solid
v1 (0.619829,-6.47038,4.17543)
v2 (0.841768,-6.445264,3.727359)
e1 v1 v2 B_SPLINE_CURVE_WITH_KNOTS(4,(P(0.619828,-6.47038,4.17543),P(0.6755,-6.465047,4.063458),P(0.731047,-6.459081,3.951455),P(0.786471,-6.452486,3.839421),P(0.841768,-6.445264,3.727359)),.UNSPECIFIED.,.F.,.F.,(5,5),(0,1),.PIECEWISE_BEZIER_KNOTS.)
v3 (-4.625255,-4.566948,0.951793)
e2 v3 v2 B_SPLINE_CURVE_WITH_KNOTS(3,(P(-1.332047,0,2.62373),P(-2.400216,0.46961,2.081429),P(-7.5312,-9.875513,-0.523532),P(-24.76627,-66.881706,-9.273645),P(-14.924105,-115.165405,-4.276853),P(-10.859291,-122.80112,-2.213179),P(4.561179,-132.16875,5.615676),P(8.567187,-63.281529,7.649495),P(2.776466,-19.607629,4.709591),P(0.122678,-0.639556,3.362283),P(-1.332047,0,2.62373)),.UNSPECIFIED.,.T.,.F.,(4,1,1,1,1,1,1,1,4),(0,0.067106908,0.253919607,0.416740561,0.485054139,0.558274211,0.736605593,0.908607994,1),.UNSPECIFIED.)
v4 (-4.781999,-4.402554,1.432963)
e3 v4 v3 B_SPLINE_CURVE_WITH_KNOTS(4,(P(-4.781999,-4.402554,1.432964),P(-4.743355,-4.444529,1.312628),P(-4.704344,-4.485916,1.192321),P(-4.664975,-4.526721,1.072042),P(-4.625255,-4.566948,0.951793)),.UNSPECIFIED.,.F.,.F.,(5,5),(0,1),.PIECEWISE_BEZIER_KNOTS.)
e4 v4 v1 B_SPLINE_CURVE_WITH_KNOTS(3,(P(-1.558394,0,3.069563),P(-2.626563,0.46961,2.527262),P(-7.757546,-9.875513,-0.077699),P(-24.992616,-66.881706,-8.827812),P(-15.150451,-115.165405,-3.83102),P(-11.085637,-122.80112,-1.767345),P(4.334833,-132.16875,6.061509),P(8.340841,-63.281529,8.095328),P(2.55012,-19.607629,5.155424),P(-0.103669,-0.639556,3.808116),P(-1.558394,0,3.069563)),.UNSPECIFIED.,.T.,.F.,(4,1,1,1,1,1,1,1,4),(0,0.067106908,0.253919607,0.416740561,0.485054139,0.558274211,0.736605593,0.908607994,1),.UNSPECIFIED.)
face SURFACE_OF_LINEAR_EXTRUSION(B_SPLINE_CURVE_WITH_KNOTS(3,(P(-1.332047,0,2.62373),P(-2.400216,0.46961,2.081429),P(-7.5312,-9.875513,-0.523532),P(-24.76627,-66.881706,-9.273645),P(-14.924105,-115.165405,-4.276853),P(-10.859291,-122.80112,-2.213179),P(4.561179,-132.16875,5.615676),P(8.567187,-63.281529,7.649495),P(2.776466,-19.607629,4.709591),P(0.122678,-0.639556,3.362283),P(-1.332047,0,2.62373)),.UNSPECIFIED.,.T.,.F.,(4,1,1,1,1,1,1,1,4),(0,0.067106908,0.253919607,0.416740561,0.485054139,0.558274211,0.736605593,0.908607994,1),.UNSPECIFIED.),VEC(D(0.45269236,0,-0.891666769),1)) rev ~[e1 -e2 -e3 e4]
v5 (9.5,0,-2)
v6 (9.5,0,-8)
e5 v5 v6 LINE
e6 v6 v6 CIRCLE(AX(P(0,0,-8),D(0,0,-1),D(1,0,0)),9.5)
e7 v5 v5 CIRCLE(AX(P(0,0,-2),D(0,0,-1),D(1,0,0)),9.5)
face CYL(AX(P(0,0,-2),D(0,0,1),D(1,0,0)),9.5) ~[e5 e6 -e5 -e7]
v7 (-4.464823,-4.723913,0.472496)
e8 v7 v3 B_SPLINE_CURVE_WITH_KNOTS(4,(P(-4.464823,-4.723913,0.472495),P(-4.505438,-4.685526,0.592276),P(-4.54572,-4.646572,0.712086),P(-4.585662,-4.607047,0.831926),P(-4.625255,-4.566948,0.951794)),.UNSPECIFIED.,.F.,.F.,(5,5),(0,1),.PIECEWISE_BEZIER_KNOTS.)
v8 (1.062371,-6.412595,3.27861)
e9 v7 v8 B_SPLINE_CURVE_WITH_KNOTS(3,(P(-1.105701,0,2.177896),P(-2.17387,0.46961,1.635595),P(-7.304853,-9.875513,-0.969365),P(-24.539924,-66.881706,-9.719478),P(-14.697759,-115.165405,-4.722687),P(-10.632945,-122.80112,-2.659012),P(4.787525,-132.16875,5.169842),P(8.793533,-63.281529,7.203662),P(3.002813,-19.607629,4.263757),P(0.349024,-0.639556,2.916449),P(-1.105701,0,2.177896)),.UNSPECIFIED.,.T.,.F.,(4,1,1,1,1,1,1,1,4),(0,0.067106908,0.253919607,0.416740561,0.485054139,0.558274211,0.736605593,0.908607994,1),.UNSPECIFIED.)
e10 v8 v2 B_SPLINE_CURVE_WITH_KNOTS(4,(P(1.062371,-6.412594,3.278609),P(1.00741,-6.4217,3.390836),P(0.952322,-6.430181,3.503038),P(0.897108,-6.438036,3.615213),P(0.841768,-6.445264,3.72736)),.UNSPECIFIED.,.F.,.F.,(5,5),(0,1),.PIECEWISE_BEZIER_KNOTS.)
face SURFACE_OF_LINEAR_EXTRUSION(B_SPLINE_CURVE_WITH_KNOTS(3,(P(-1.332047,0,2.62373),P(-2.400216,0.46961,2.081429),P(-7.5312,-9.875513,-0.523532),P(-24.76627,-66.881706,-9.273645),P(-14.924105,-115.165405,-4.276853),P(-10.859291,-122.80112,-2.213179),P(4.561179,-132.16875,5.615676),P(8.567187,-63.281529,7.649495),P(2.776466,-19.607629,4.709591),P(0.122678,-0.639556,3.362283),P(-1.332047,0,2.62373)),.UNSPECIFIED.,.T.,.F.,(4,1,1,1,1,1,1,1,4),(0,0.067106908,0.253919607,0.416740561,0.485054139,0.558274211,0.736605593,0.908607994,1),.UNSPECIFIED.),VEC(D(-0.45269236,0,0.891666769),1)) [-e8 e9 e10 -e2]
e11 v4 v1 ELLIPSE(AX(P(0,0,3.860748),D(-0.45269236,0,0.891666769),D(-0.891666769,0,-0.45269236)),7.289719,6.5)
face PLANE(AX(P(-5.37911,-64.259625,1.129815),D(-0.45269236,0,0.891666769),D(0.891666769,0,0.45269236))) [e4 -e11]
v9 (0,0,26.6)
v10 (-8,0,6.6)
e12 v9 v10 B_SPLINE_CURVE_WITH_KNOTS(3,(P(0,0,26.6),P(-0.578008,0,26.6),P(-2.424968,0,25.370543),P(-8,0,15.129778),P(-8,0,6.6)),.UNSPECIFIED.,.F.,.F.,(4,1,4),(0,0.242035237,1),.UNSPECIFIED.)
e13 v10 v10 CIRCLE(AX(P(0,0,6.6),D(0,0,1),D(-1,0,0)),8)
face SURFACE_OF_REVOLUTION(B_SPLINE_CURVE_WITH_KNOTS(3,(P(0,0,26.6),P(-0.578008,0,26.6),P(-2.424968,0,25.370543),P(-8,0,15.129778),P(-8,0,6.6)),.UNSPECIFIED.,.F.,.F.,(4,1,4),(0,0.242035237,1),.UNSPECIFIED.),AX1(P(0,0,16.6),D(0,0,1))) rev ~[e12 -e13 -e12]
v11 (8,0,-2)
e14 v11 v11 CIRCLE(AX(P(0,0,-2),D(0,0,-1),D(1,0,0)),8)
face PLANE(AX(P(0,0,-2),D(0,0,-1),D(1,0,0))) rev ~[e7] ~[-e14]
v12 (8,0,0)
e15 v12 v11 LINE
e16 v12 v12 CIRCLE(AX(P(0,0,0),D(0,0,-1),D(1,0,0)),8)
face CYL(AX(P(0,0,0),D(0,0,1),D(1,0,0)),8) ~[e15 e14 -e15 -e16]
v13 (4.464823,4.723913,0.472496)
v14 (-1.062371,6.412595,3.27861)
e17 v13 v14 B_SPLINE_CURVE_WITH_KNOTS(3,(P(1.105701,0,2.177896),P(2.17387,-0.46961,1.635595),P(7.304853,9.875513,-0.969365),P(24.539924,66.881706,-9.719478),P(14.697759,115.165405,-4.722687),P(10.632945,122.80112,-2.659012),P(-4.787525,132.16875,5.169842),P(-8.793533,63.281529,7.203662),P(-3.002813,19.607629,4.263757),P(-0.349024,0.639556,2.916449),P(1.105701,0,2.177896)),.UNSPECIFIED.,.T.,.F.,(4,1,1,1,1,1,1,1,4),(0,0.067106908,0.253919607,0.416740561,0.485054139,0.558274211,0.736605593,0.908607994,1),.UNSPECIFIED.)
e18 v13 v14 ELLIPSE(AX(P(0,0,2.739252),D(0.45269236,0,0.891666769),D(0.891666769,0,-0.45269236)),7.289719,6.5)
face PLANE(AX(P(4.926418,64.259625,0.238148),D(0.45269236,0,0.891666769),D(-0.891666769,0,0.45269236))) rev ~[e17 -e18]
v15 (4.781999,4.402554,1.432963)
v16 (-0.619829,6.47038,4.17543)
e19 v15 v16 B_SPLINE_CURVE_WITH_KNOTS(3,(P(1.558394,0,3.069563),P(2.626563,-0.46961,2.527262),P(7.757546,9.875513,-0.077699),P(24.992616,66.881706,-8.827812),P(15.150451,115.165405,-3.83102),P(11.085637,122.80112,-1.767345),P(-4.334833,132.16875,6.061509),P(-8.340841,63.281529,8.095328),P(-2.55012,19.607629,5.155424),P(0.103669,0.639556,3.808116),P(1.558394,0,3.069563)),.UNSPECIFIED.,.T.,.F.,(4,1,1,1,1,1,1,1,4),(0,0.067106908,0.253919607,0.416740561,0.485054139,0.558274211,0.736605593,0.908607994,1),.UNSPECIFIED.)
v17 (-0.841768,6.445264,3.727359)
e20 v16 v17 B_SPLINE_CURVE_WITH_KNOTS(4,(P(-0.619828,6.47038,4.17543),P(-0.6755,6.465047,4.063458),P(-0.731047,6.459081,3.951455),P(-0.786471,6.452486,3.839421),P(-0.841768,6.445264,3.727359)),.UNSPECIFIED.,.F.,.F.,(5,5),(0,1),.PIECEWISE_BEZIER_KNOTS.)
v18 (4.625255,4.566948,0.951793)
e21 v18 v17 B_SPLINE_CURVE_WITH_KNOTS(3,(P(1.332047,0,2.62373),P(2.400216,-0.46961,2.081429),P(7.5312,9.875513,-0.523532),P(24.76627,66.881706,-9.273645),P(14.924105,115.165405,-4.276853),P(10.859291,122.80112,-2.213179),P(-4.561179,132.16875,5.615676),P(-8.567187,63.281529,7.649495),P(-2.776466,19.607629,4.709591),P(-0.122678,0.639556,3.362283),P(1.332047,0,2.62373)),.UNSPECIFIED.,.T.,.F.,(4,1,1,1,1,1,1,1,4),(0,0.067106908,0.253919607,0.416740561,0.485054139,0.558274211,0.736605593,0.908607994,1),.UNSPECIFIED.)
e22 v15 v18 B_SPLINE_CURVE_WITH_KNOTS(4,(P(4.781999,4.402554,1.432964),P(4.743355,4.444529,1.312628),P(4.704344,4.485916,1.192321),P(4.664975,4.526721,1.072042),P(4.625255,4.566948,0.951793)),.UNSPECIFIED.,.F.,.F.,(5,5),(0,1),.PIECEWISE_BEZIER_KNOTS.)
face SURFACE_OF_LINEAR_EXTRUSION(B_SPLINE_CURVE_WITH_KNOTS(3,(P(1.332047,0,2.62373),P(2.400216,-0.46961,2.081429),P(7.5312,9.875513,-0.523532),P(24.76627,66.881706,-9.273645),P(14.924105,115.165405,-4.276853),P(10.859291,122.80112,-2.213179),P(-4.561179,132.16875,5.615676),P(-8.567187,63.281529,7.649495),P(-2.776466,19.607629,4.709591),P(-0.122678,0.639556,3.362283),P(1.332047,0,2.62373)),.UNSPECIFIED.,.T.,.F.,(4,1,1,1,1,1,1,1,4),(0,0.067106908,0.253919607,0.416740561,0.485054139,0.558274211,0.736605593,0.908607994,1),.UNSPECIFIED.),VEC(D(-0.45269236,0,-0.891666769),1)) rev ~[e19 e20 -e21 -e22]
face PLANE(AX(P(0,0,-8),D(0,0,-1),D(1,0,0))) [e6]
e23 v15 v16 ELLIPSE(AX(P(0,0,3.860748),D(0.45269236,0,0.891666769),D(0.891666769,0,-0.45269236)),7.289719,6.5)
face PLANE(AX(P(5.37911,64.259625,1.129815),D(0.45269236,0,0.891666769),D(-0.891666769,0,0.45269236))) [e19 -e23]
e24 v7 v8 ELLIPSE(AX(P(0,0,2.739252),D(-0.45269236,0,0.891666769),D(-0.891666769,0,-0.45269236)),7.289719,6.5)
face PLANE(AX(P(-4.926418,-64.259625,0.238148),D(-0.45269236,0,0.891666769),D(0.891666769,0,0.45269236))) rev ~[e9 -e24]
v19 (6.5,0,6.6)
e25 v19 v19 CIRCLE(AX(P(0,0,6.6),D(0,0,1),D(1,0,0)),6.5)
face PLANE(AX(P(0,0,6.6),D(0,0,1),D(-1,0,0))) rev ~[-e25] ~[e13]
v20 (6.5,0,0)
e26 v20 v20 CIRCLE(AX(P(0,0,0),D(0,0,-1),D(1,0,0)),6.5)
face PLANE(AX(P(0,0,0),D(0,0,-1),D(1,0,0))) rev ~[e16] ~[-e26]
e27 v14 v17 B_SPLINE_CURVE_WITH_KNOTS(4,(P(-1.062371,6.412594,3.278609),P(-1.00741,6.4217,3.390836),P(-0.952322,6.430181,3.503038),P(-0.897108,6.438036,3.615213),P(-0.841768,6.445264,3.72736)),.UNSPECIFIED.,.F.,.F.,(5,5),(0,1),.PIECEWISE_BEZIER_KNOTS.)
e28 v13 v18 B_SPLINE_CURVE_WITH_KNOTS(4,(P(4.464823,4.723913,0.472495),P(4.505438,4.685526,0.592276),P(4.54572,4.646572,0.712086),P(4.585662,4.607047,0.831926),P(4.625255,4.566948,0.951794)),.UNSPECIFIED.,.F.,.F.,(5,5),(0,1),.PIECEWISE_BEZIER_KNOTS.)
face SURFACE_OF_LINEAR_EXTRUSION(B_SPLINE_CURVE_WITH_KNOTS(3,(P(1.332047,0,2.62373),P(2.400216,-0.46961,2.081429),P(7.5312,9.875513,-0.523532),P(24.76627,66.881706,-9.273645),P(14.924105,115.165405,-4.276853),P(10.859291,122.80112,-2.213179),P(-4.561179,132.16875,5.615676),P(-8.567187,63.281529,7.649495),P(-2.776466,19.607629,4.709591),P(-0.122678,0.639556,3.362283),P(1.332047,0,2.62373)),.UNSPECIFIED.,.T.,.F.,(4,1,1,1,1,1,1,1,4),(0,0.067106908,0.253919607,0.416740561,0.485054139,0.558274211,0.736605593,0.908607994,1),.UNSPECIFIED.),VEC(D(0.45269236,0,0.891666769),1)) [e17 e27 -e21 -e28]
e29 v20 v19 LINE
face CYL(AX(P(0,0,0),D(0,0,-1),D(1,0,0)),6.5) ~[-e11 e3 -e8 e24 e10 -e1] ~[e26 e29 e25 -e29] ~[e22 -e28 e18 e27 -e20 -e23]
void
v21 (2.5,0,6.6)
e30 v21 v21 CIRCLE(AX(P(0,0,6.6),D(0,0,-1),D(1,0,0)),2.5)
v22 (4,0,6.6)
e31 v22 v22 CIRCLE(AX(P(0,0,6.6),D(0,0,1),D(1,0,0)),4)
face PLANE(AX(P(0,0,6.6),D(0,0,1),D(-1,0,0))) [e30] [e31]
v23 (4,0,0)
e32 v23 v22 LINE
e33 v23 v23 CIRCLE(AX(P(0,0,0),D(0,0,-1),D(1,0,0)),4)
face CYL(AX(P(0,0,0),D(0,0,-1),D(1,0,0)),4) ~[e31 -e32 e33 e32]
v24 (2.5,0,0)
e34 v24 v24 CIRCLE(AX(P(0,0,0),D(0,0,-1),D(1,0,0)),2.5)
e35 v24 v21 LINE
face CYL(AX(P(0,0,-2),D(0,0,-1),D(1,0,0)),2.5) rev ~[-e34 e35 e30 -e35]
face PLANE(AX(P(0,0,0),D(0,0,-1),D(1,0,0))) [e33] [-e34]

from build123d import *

# Parameters (mm, degrees)
F0_R          = 6.5
F0_R_2        = 4
F1_DEPTH      = 6.6
F5_DEPTH      = 0.5
F5_DEPTH_BACK = 0.5
F6_COUNT      = 2
F7_DEPTH      = 25
F8_R          = 8
F8_R_2        = 2.5
F9_DEPTH      = 2
F10_R         = 9.5
F10_R_2       = 8
F10_R_3       = 2.5
F11_DEPTH     = 6
F12_DEPTH     = 19


with BuildPart() as f1:
    # F0 (on Top) → F1 (new body)
    with BuildSketch(Plane.XY):
        Circle(F0_R)
        Circle(F0_R_2, mode=Mode.SUBTRACT)
    extrude(amount=F1_DEPTH)

    # F4 (on line) → F5 (join, two sides)
    with BuildSketch(Plane(origin=(-1.3320474219, 0, 2.6237297704), x_dir=(0.8916667693, 0, 0.4526923598), z_dir=(-0.4526923598, 0, 0.8916667693))) as f5_sk:
        with BuildLine():
            add(Edge.make_bspline(
                [(0, 0), (-1.1979463445, 0.4696100051), (-6.9523194047, -9.8755134193), (-26.2813683901, -66.881706134), (-15.2434272031, -115.1654052083), (-10.6847579841, -122.8011200235), (6.6092253047, -132.1687499519), (11.1019440736, -63.2815288411), (4.6076786316, -19.6076285832), (1.6314672091, -0.6395556261), (0, 0)],
                knots=[0, 0, 0, 0, 0.0671069079, 0.2539196069, 0.4167405608, 0.4850541393, 0.558274211, 0.736605593, 0.9086079939, 1, 1, 1, 1], degree=3))
        make_face()
    extrude(amount=F5_DEPTH)
    extrude(f5_sk.sketch, amount=-F5_DEPTH_BACK)


with BuildPart() as f6_1:
    # F6: instance of F1
    add(f1.part.rotate(Axis((0, 0, 6.9788326509), (0, 0, 1)), 1 * 360 / F6_COUNT))


with BuildPart() as f7_tool:
    # F0 (on Top) → F7 (new body)
    with BuildSketch(Plane.XY):
        Circle(F0_R_2)
    extrude(amount=F7_DEPTH)


with BuildPart() as f1_1:
    add(f1.part)

    # F7: cut by f7_tool
    add(f7_tool.part, mode=Mode.SUBTRACT)



with BuildPart() as f6_1_1:
    add(f6_1.part)

    # F7: cut by f7_tool
    add(f7_tool.part, mode=Mode.SUBTRACT)


with BuildPart() as f9:
    # F8 (on face) → F9 (new body)
    with BuildSketch(Plane(origin=(0, 0, 0), x_dir=(1, 0, 0), z_dir=(0, 0, -1))):
        Circle(F8_R)
        Circle(F8_R_2, mode=Mode.SUBTRACT)
    extrude(amount=F9_DEPTH)

    # F10 (on face) → F11 (join)
    with BuildSketch(Plane(origin=(0, 0, -2), x_dir=(1, 0, 0), z_dir=(0, 0, -1))):
        Circle(F10_R)
        Circle(F10_R_2, mode=Mode.SUBTRACT)
        Circle(F10_R_2)
        Circle(F10_R_3, mode=Mode.SUBTRACT)
        Circle(F10_R_3)
    extrude(amount=F11_DEPTH)

    # F12 (add): a face of the model
    f12_faces = [f9.faces().sort_by_distance(p)[0] for p in [
        (0, 0, -2),
    ]]
    extrude(f12_faces, amount=F12_DEPTH)


with BuildPart() as f1_2:
    add(f1_1.part)

    add(f6_1_1.part)  # F14 merges F6_1

    add(f9.part)  # F14 merges F9
    # F13 (on Front) → F14 (revolve)
    with BuildSketch(Plane.XZ):
        with BuildLine():
            Line((-8, 6.6), (0, 6.6))
            Line((0, 6.6), (0, 26.6))
            add(Edge.make_bspline(
                [(0, 26.6), (-0.5780083219, 26.6), (-2.424968411, 25.3705428841), (-8, 15.129778075), (-8, 6.6)],
                knots=[0, 0, 0, 0, 0.2420352371, 1, 1, 1, 1], degree=3))
        make_face()
    revolve(axis=Axis((0, 0, 16.6), (0, 0, 1)))


solid = f1_2.part
